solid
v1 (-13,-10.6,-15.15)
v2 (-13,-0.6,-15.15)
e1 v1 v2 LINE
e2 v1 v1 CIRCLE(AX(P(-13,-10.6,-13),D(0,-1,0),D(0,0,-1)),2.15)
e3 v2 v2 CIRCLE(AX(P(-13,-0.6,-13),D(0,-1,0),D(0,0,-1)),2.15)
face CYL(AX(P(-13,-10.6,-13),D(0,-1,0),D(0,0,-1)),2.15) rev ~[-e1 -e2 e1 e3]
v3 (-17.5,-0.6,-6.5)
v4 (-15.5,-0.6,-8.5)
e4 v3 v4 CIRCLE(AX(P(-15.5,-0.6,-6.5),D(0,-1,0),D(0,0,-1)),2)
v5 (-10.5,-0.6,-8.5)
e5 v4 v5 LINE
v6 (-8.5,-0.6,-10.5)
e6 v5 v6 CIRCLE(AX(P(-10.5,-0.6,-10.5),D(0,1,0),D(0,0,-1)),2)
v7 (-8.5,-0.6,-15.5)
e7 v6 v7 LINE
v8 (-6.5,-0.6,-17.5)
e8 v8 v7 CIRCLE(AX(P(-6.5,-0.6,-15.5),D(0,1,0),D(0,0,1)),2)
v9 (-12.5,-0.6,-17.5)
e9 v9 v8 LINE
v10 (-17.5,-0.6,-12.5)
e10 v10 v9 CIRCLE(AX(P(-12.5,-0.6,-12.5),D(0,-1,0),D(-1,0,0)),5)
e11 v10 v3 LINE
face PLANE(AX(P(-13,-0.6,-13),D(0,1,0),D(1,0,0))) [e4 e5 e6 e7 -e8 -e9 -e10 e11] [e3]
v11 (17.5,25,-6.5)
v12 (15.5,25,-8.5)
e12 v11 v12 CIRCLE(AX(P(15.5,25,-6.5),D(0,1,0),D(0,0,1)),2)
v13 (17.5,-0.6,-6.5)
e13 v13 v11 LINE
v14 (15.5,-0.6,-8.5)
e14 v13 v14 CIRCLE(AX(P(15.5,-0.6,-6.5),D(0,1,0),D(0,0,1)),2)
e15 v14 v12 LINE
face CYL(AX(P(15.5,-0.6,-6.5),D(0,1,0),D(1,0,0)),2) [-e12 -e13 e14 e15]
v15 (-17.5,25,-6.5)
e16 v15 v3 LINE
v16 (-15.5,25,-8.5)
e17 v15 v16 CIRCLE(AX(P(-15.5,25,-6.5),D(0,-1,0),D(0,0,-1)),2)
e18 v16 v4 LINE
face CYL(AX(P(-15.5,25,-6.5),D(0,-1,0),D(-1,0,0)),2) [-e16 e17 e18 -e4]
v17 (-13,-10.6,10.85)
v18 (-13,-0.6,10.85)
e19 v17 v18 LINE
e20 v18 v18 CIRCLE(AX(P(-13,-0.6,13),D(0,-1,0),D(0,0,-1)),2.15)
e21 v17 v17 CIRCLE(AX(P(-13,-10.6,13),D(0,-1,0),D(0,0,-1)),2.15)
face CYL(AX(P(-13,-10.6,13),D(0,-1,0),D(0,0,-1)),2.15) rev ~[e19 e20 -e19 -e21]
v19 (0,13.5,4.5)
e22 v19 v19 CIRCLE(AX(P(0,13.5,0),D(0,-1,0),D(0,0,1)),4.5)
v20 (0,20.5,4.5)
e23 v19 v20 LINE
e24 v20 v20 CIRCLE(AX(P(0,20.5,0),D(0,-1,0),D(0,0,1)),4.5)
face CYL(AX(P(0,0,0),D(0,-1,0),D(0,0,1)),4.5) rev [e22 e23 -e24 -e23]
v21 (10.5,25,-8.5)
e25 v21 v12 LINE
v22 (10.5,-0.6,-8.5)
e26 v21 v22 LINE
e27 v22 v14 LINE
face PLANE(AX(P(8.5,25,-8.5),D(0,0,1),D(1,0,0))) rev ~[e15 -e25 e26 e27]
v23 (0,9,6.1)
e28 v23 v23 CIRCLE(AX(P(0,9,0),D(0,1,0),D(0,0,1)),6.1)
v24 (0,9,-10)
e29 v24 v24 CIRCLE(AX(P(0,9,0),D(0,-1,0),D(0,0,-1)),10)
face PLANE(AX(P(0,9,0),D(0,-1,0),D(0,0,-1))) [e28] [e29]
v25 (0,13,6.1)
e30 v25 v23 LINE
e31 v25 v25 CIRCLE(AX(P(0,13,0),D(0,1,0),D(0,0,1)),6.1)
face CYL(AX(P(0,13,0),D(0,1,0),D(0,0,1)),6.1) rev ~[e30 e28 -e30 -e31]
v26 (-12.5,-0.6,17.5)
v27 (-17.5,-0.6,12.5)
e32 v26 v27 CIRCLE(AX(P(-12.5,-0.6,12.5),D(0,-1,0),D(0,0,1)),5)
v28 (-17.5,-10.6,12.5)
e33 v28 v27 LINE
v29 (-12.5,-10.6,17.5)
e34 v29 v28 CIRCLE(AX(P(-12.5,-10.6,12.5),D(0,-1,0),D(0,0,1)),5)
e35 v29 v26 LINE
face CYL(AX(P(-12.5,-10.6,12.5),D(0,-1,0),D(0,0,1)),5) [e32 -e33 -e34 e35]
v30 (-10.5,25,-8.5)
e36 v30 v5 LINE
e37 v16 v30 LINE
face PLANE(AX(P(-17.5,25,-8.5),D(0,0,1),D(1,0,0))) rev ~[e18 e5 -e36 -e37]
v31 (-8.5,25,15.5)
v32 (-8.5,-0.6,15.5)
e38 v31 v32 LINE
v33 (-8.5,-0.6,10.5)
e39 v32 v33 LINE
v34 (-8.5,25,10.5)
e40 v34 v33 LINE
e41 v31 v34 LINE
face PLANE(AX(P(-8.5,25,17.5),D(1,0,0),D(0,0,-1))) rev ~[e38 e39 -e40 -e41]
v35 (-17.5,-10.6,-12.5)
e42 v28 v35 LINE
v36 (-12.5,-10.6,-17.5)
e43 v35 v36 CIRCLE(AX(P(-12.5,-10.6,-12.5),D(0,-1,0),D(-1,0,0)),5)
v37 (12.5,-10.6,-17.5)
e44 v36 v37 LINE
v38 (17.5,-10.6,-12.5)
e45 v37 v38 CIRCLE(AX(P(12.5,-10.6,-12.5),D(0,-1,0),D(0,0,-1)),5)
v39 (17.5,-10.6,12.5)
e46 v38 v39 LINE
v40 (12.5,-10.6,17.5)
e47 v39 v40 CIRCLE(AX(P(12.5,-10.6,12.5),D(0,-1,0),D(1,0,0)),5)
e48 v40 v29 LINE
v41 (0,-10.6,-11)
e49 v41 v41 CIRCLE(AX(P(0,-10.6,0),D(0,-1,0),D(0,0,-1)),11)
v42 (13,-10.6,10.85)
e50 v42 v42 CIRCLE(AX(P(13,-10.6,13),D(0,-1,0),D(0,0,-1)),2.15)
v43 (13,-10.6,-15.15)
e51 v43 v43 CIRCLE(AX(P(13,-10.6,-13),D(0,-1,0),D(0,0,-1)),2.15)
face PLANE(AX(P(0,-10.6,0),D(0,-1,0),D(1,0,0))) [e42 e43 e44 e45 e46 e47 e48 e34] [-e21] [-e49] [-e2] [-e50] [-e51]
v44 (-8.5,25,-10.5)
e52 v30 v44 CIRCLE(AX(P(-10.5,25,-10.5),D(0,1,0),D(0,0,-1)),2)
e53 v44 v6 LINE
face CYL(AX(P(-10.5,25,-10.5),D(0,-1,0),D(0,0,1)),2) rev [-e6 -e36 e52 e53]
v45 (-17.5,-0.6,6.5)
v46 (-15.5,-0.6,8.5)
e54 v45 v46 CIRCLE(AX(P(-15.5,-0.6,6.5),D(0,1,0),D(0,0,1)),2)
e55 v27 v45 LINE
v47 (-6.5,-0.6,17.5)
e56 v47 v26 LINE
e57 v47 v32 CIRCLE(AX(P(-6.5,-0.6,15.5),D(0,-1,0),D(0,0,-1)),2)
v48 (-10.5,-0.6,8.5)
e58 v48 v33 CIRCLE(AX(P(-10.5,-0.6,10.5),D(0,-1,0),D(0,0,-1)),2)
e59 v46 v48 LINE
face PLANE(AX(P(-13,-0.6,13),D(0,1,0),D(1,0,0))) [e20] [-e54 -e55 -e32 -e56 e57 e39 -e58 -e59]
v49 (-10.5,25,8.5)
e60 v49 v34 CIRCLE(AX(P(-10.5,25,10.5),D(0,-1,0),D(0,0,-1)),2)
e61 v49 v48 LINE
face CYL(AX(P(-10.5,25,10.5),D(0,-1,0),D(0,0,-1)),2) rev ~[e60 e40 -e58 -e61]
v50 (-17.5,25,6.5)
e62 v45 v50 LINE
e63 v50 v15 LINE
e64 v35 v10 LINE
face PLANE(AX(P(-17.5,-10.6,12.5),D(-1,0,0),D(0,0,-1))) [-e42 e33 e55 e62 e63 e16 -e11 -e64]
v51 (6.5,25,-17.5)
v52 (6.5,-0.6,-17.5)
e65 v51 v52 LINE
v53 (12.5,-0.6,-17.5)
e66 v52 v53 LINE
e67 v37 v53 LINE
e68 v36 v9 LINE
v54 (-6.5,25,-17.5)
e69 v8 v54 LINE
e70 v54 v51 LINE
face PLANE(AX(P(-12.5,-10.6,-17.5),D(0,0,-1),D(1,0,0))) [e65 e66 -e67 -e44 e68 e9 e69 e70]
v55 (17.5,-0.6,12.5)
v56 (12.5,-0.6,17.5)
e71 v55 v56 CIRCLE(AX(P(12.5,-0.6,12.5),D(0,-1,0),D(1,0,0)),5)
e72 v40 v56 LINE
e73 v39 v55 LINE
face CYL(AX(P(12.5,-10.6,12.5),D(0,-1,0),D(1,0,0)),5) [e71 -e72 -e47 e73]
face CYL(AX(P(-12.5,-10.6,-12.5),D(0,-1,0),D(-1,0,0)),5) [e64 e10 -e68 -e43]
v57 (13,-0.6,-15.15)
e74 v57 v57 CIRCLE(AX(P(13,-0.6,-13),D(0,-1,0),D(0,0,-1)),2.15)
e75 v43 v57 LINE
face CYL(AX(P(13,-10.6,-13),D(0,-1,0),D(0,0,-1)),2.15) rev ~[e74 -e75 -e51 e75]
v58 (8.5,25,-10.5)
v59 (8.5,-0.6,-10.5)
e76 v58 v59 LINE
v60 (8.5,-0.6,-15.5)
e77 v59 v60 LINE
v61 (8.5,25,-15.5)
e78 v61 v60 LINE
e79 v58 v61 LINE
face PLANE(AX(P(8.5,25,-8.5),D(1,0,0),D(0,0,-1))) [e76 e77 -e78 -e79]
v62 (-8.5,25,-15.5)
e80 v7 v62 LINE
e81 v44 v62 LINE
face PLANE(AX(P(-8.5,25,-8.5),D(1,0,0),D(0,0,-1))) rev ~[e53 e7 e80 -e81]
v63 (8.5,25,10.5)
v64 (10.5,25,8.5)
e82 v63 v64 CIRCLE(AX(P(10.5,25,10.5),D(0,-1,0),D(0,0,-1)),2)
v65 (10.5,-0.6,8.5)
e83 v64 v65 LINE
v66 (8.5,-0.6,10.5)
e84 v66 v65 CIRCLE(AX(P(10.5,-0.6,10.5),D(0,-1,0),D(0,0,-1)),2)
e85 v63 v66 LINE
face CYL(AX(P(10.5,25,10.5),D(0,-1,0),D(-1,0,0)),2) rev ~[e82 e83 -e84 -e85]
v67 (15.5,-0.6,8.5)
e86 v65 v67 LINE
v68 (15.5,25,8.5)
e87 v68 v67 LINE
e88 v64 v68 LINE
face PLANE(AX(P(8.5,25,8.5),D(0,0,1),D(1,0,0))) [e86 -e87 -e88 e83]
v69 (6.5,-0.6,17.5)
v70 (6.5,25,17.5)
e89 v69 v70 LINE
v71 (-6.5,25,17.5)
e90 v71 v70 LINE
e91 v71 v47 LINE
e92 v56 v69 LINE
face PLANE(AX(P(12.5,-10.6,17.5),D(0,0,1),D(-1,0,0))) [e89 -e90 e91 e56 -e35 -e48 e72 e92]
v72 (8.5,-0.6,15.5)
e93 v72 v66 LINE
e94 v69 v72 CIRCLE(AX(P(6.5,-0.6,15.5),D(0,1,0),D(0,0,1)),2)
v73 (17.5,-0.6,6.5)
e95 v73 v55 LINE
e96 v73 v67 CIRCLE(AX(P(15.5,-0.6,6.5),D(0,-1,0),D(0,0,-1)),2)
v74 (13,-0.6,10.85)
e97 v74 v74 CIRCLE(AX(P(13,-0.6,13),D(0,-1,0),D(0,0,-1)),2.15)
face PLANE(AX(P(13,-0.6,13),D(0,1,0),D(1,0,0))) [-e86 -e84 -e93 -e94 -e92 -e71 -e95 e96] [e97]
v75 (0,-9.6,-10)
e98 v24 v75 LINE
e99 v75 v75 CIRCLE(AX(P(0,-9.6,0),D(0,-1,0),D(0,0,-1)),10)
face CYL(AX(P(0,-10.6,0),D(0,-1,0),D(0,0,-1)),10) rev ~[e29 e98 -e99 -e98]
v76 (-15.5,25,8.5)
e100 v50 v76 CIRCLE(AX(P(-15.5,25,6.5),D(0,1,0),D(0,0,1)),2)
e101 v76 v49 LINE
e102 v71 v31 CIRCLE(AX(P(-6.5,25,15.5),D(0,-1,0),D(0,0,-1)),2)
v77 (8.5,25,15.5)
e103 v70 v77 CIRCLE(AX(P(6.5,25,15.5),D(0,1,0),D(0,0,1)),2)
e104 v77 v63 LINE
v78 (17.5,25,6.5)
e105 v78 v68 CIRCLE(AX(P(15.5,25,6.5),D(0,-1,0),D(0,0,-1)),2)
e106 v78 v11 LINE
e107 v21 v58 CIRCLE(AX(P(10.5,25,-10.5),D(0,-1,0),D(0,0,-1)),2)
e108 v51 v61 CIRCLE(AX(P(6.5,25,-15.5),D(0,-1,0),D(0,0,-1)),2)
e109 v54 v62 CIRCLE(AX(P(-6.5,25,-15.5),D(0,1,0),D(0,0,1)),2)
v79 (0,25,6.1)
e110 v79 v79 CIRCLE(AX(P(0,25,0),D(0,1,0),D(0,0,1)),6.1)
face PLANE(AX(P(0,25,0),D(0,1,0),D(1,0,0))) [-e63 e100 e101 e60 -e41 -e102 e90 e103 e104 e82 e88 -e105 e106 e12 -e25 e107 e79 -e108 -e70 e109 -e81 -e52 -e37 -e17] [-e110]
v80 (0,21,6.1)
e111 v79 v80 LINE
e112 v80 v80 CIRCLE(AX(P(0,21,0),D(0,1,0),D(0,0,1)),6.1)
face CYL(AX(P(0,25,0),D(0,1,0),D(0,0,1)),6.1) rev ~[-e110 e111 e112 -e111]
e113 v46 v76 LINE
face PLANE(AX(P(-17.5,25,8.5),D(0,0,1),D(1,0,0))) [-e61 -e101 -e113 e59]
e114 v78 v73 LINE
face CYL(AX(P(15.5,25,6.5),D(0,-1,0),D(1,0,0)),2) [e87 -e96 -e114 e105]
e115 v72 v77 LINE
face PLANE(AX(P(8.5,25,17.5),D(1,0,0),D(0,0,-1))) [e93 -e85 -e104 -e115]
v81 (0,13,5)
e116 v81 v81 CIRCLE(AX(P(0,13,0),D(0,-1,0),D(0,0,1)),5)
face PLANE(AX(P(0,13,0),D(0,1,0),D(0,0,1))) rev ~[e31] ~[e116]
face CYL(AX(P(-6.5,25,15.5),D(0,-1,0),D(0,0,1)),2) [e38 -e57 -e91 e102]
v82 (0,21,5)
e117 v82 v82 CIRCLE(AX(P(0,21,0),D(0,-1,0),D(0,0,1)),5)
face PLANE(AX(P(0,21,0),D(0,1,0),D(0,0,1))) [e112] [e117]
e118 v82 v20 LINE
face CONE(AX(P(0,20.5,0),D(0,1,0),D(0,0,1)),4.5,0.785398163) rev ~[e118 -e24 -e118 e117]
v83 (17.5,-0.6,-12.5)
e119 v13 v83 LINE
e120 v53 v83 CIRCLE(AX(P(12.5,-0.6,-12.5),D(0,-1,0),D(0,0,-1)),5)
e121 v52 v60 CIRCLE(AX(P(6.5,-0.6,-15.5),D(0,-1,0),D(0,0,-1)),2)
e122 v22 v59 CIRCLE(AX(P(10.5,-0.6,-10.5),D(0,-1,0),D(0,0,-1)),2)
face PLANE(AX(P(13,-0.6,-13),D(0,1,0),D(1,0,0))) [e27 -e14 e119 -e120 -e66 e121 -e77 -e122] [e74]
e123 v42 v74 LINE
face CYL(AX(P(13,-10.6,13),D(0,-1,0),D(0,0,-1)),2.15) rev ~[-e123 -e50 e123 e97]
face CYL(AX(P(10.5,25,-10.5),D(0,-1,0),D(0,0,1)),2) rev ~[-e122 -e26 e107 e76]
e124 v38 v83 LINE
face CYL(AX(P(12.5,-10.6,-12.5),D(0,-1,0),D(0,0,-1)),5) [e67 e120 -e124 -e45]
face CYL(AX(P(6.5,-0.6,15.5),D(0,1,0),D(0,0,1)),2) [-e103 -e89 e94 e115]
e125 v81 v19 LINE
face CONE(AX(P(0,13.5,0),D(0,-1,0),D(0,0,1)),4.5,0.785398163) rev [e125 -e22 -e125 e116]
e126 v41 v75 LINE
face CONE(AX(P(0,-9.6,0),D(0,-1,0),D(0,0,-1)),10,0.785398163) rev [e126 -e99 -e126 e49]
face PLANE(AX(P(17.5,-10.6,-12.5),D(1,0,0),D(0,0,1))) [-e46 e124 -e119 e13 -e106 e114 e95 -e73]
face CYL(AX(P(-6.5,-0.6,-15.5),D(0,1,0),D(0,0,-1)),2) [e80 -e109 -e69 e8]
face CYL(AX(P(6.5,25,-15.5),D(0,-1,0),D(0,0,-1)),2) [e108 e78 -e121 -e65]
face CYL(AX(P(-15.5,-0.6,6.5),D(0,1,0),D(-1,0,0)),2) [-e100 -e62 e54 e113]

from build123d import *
from build123d.topology import SkipClean

# Parameters (mm, degrees)
SKETCH_1_W          = 35
SKETCH_1_H          = 35
SKETCH_1_R          = 4.5
SKETCH_1_R_2        = 2.15
EXTRUDE_1_DEPTH     = 25
FILLET_1_R          = 5
SKETCH_3_R          = 6.1
CUT_EXTRUDE_1_DEPTH = 4
SKETCH_4_R          = 6.1
CUT_EXTRUDE_2_DEPTH = 4
SKETCH_6_R          = 10
CUT_EXTRUDE_3_DEPTH = 9
EXTRUDE_START       = 10.6
SKETCH_7_R          = 2.15
SKETCH_7_R_2        = 10
EXTRUDE_2_DEPTH     = 10.6
SKETCH_8_W          = 9
SKETCH_8_H          = 9
CUT_EXTRUDE_4_DEPTH = 25.6
FILLET_2_R          = 2
CHAMFER_1_SIZE      = 1
CHAMFER_2_SIZE      = 0.5


with BuildPart() as part:
    # 草图1 → 凸台-拉伸1 (new body)
    with BuildSketch(Plane(origin=(0, 0, 0), x_dir=(1, 0, 0), z_dir=(0, 1, 0))):
        Rectangle(SKETCH_1_W, SKETCH_1_H)
        with Locations(Location((0, 0, 0), (0, 0, 270))):
            Circle(SKETCH_1_R, mode=Mode.SUBTRACT)
        with Locations(Location((13, 13, 0), (0, 0, 270))):
            Circle(SKETCH_1_R_2, mode=Mode.SUBTRACT)
        with Locations(Location((13, -13, 0), (0, 0, 270))):
            Circle(SKETCH_1_R_2, mode=Mode.SUBTRACT)
        with Locations(Location((-13, -13, 0), (0, 0, 270))):
            Circle(SKETCH_1_R_2, mode=Mode.SUBTRACT)
        with Locations(Location((-13, 13, 0), (0, 0, 270))):
            Circle(SKETCH_1_R_2, mode=Mode.SUBTRACT)
    extrude(amount=EXTRUDE_1_DEPTH)

    # 圆角1
    fillet_1_edges = [part.edges().sort_by_distance(p)[0] for p in [
        (17.5, 12.5, 17.5),
        (-17.5, 12.5, 17.5),
        (-17.5, 12.5, -17.5),
        (17.5, 12.5, -17.5),
    ]]
    fillet(fillet_1_edges, radius=FILLET_1_R)

    # 草图3 → 切除-拉伸1 (cut)
    with BuildSketch(Plane(origin=(0, 25, 0), x_dir=(1, 0, 0), z_dir=(0, 1, 0))):
        with Locations(Location((0, 0, 0), (0, 0, 270))):
            Circle(SKETCH_3_R)
    extrude(amount=-CUT_EXTRUDE_1_DEPTH, mode=Mode.SUBTRACT)

    # 草图4 → 切除-拉伸2 (cut)
    with BuildSketch(Plane(origin=(0, 13, 0), x_dir=(1, 0, 0), z_dir=(0, 1, 0))):
        with Locations(Location((0, 0, 0), (0, 0, 270))):
            Circle(SKETCH_4_R)
    extrude(amount=-CUT_EXTRUDE_2_DEPTH, mode=Mode.SUBTRACT)

    # 草图6 → 切除-拉伸3 (cut)
    with BuildSketch(Plane.XZ):
        with Locations(Location((0, 0, 0), (0, 0, 270))):
            Circle(SKETCH_6_R)
    extrude(amount=-CUT_EXTRUDE_3_DEPTH, mode=Mode.SUBTRACT)

    # 草图7 → 凸台-拉伸2 (add)
    with SkipClean():  # the faces are left unmerged after this step: merging them gives an invalid solid
        with BuildSketch(Plane.XZ.offset(EXTRUDE_START)):
            with BuildLine():
                Line((-12.5, -17.5), (12.5, -17.5))
                ThreePointArc((12.5, -17.5), (16.035533906, -16.035533906), (17.5, -12.5))
                Line((17.5, -12.5), (17.5, 12.5))
                ThreePointArc((17.5, 12.5), (16.035533906, 16.035533906), (12.5, 17.5))
                Line((12.5, 17.5), (-12.5, 17.5))
                ThreePointArc((-12.5, 17.5), (-16.035533906, 16.035533906), (-17.5, 12.5))
                Line((-17.5, 12.5), (-17.5, -12.5))
                ThreePointArc((-17.5, -12.5), (-16.035533906, -16.035533906), (-12.5, -17.5))
            make_face()
            with Locations(Location((-13, -13, 0), (0, 0, 270))):
                Circle(SKETCH_7_R, mode=Mode.SUBTRACT)
            with Locations(Location((-13, 13, 0), (0, 0, 270))):
                Circle(SKETCH_7_R, mode=Mode.SUBTRACT)
            with Locations(Location((0, 0, 0), (0, 0, 270))):
                Circle(SKETCH_7_R_2, mode=Mode.SUBTRACT)
            with Locations(Location((13, -13, 0), (0, 0, 270))):
                Circle(SKETCH_7_R, mode=Mode.SUBTRACT)
            with Locations(Location((13, 13, 0), (0, 0, 270))):
                Circle(SKETCH_7_R, mode=Mode.SUBTRACT)
        extrude(amount=-EXTRUDE_2_DEPTH)

    # 草图8 → 切除-拉伸4 (cut)
    with BuildSketch(Plane(origin=(0, 25, 0), x_dir=(1, 0, 0), z_dir=(0, 1, 0))):
        with Locations((-13, 13)):
            Rectangle(SKETCH_8_W, SKETCH_8_H)
        with Locations((13, 13)):
            Rectangle(SKETCH_8_W, SKETCH_8_H)
        with Locations((13, -13)):
            Rectangle(SKETCH_8_W, SKETCH_8_H)
        with Locations((-13, -13)):
            Rectangle(SKETCH_8_W, SKETCH_8_H)
    extrude(amount=-CUT_EXTRUDE_4_DEPTH, mode=Mode.SUBTRACT)

    # 圆角2
    fillet_2_edges = [part.edges().sort_by_distance(p)[0] for p in [
        (-17.5, 12.2, 8.5),
        (-8.5, 12.2, 8.5),
        (-8.5, 12.2, 17.5),
        (8.5, 12.2, 17.5),
        (8.5, 12.2, 8.5),
        (17.5, 12.2, 8.5),
        (17.5, 12.2, -8.5),
        (8.5, 12.2, -8.5),
        (8.5, 12.2, -17.5),
        (-17.5, 12.2, -8.5),
        (-8.5, 12.2, -17.5),
        (-8.5, 12.2, -8.5),
    ]]
    fillet(fillet_2_edges, radius=FILLET_2_R)

    # 倒角1
    chamfer_1_edges = [part.edges().sort_by_distance(p)[0] for p in [
        (0, -10.6, 10),
    ]]
    chamfer(chamfer_1_edges, length=CHAMFER_1_SIZE)

    # 倒角2
    chamfer_2_edges = [part.edges().sort_by_distance(p)[0] for p in [
        (0, 21, -4.5),
        (0, 13, -4.5),
    ]]
    chamfer(chamfer_2_edges, length=CHAMFER_2_SIZE)


solid = part.part
